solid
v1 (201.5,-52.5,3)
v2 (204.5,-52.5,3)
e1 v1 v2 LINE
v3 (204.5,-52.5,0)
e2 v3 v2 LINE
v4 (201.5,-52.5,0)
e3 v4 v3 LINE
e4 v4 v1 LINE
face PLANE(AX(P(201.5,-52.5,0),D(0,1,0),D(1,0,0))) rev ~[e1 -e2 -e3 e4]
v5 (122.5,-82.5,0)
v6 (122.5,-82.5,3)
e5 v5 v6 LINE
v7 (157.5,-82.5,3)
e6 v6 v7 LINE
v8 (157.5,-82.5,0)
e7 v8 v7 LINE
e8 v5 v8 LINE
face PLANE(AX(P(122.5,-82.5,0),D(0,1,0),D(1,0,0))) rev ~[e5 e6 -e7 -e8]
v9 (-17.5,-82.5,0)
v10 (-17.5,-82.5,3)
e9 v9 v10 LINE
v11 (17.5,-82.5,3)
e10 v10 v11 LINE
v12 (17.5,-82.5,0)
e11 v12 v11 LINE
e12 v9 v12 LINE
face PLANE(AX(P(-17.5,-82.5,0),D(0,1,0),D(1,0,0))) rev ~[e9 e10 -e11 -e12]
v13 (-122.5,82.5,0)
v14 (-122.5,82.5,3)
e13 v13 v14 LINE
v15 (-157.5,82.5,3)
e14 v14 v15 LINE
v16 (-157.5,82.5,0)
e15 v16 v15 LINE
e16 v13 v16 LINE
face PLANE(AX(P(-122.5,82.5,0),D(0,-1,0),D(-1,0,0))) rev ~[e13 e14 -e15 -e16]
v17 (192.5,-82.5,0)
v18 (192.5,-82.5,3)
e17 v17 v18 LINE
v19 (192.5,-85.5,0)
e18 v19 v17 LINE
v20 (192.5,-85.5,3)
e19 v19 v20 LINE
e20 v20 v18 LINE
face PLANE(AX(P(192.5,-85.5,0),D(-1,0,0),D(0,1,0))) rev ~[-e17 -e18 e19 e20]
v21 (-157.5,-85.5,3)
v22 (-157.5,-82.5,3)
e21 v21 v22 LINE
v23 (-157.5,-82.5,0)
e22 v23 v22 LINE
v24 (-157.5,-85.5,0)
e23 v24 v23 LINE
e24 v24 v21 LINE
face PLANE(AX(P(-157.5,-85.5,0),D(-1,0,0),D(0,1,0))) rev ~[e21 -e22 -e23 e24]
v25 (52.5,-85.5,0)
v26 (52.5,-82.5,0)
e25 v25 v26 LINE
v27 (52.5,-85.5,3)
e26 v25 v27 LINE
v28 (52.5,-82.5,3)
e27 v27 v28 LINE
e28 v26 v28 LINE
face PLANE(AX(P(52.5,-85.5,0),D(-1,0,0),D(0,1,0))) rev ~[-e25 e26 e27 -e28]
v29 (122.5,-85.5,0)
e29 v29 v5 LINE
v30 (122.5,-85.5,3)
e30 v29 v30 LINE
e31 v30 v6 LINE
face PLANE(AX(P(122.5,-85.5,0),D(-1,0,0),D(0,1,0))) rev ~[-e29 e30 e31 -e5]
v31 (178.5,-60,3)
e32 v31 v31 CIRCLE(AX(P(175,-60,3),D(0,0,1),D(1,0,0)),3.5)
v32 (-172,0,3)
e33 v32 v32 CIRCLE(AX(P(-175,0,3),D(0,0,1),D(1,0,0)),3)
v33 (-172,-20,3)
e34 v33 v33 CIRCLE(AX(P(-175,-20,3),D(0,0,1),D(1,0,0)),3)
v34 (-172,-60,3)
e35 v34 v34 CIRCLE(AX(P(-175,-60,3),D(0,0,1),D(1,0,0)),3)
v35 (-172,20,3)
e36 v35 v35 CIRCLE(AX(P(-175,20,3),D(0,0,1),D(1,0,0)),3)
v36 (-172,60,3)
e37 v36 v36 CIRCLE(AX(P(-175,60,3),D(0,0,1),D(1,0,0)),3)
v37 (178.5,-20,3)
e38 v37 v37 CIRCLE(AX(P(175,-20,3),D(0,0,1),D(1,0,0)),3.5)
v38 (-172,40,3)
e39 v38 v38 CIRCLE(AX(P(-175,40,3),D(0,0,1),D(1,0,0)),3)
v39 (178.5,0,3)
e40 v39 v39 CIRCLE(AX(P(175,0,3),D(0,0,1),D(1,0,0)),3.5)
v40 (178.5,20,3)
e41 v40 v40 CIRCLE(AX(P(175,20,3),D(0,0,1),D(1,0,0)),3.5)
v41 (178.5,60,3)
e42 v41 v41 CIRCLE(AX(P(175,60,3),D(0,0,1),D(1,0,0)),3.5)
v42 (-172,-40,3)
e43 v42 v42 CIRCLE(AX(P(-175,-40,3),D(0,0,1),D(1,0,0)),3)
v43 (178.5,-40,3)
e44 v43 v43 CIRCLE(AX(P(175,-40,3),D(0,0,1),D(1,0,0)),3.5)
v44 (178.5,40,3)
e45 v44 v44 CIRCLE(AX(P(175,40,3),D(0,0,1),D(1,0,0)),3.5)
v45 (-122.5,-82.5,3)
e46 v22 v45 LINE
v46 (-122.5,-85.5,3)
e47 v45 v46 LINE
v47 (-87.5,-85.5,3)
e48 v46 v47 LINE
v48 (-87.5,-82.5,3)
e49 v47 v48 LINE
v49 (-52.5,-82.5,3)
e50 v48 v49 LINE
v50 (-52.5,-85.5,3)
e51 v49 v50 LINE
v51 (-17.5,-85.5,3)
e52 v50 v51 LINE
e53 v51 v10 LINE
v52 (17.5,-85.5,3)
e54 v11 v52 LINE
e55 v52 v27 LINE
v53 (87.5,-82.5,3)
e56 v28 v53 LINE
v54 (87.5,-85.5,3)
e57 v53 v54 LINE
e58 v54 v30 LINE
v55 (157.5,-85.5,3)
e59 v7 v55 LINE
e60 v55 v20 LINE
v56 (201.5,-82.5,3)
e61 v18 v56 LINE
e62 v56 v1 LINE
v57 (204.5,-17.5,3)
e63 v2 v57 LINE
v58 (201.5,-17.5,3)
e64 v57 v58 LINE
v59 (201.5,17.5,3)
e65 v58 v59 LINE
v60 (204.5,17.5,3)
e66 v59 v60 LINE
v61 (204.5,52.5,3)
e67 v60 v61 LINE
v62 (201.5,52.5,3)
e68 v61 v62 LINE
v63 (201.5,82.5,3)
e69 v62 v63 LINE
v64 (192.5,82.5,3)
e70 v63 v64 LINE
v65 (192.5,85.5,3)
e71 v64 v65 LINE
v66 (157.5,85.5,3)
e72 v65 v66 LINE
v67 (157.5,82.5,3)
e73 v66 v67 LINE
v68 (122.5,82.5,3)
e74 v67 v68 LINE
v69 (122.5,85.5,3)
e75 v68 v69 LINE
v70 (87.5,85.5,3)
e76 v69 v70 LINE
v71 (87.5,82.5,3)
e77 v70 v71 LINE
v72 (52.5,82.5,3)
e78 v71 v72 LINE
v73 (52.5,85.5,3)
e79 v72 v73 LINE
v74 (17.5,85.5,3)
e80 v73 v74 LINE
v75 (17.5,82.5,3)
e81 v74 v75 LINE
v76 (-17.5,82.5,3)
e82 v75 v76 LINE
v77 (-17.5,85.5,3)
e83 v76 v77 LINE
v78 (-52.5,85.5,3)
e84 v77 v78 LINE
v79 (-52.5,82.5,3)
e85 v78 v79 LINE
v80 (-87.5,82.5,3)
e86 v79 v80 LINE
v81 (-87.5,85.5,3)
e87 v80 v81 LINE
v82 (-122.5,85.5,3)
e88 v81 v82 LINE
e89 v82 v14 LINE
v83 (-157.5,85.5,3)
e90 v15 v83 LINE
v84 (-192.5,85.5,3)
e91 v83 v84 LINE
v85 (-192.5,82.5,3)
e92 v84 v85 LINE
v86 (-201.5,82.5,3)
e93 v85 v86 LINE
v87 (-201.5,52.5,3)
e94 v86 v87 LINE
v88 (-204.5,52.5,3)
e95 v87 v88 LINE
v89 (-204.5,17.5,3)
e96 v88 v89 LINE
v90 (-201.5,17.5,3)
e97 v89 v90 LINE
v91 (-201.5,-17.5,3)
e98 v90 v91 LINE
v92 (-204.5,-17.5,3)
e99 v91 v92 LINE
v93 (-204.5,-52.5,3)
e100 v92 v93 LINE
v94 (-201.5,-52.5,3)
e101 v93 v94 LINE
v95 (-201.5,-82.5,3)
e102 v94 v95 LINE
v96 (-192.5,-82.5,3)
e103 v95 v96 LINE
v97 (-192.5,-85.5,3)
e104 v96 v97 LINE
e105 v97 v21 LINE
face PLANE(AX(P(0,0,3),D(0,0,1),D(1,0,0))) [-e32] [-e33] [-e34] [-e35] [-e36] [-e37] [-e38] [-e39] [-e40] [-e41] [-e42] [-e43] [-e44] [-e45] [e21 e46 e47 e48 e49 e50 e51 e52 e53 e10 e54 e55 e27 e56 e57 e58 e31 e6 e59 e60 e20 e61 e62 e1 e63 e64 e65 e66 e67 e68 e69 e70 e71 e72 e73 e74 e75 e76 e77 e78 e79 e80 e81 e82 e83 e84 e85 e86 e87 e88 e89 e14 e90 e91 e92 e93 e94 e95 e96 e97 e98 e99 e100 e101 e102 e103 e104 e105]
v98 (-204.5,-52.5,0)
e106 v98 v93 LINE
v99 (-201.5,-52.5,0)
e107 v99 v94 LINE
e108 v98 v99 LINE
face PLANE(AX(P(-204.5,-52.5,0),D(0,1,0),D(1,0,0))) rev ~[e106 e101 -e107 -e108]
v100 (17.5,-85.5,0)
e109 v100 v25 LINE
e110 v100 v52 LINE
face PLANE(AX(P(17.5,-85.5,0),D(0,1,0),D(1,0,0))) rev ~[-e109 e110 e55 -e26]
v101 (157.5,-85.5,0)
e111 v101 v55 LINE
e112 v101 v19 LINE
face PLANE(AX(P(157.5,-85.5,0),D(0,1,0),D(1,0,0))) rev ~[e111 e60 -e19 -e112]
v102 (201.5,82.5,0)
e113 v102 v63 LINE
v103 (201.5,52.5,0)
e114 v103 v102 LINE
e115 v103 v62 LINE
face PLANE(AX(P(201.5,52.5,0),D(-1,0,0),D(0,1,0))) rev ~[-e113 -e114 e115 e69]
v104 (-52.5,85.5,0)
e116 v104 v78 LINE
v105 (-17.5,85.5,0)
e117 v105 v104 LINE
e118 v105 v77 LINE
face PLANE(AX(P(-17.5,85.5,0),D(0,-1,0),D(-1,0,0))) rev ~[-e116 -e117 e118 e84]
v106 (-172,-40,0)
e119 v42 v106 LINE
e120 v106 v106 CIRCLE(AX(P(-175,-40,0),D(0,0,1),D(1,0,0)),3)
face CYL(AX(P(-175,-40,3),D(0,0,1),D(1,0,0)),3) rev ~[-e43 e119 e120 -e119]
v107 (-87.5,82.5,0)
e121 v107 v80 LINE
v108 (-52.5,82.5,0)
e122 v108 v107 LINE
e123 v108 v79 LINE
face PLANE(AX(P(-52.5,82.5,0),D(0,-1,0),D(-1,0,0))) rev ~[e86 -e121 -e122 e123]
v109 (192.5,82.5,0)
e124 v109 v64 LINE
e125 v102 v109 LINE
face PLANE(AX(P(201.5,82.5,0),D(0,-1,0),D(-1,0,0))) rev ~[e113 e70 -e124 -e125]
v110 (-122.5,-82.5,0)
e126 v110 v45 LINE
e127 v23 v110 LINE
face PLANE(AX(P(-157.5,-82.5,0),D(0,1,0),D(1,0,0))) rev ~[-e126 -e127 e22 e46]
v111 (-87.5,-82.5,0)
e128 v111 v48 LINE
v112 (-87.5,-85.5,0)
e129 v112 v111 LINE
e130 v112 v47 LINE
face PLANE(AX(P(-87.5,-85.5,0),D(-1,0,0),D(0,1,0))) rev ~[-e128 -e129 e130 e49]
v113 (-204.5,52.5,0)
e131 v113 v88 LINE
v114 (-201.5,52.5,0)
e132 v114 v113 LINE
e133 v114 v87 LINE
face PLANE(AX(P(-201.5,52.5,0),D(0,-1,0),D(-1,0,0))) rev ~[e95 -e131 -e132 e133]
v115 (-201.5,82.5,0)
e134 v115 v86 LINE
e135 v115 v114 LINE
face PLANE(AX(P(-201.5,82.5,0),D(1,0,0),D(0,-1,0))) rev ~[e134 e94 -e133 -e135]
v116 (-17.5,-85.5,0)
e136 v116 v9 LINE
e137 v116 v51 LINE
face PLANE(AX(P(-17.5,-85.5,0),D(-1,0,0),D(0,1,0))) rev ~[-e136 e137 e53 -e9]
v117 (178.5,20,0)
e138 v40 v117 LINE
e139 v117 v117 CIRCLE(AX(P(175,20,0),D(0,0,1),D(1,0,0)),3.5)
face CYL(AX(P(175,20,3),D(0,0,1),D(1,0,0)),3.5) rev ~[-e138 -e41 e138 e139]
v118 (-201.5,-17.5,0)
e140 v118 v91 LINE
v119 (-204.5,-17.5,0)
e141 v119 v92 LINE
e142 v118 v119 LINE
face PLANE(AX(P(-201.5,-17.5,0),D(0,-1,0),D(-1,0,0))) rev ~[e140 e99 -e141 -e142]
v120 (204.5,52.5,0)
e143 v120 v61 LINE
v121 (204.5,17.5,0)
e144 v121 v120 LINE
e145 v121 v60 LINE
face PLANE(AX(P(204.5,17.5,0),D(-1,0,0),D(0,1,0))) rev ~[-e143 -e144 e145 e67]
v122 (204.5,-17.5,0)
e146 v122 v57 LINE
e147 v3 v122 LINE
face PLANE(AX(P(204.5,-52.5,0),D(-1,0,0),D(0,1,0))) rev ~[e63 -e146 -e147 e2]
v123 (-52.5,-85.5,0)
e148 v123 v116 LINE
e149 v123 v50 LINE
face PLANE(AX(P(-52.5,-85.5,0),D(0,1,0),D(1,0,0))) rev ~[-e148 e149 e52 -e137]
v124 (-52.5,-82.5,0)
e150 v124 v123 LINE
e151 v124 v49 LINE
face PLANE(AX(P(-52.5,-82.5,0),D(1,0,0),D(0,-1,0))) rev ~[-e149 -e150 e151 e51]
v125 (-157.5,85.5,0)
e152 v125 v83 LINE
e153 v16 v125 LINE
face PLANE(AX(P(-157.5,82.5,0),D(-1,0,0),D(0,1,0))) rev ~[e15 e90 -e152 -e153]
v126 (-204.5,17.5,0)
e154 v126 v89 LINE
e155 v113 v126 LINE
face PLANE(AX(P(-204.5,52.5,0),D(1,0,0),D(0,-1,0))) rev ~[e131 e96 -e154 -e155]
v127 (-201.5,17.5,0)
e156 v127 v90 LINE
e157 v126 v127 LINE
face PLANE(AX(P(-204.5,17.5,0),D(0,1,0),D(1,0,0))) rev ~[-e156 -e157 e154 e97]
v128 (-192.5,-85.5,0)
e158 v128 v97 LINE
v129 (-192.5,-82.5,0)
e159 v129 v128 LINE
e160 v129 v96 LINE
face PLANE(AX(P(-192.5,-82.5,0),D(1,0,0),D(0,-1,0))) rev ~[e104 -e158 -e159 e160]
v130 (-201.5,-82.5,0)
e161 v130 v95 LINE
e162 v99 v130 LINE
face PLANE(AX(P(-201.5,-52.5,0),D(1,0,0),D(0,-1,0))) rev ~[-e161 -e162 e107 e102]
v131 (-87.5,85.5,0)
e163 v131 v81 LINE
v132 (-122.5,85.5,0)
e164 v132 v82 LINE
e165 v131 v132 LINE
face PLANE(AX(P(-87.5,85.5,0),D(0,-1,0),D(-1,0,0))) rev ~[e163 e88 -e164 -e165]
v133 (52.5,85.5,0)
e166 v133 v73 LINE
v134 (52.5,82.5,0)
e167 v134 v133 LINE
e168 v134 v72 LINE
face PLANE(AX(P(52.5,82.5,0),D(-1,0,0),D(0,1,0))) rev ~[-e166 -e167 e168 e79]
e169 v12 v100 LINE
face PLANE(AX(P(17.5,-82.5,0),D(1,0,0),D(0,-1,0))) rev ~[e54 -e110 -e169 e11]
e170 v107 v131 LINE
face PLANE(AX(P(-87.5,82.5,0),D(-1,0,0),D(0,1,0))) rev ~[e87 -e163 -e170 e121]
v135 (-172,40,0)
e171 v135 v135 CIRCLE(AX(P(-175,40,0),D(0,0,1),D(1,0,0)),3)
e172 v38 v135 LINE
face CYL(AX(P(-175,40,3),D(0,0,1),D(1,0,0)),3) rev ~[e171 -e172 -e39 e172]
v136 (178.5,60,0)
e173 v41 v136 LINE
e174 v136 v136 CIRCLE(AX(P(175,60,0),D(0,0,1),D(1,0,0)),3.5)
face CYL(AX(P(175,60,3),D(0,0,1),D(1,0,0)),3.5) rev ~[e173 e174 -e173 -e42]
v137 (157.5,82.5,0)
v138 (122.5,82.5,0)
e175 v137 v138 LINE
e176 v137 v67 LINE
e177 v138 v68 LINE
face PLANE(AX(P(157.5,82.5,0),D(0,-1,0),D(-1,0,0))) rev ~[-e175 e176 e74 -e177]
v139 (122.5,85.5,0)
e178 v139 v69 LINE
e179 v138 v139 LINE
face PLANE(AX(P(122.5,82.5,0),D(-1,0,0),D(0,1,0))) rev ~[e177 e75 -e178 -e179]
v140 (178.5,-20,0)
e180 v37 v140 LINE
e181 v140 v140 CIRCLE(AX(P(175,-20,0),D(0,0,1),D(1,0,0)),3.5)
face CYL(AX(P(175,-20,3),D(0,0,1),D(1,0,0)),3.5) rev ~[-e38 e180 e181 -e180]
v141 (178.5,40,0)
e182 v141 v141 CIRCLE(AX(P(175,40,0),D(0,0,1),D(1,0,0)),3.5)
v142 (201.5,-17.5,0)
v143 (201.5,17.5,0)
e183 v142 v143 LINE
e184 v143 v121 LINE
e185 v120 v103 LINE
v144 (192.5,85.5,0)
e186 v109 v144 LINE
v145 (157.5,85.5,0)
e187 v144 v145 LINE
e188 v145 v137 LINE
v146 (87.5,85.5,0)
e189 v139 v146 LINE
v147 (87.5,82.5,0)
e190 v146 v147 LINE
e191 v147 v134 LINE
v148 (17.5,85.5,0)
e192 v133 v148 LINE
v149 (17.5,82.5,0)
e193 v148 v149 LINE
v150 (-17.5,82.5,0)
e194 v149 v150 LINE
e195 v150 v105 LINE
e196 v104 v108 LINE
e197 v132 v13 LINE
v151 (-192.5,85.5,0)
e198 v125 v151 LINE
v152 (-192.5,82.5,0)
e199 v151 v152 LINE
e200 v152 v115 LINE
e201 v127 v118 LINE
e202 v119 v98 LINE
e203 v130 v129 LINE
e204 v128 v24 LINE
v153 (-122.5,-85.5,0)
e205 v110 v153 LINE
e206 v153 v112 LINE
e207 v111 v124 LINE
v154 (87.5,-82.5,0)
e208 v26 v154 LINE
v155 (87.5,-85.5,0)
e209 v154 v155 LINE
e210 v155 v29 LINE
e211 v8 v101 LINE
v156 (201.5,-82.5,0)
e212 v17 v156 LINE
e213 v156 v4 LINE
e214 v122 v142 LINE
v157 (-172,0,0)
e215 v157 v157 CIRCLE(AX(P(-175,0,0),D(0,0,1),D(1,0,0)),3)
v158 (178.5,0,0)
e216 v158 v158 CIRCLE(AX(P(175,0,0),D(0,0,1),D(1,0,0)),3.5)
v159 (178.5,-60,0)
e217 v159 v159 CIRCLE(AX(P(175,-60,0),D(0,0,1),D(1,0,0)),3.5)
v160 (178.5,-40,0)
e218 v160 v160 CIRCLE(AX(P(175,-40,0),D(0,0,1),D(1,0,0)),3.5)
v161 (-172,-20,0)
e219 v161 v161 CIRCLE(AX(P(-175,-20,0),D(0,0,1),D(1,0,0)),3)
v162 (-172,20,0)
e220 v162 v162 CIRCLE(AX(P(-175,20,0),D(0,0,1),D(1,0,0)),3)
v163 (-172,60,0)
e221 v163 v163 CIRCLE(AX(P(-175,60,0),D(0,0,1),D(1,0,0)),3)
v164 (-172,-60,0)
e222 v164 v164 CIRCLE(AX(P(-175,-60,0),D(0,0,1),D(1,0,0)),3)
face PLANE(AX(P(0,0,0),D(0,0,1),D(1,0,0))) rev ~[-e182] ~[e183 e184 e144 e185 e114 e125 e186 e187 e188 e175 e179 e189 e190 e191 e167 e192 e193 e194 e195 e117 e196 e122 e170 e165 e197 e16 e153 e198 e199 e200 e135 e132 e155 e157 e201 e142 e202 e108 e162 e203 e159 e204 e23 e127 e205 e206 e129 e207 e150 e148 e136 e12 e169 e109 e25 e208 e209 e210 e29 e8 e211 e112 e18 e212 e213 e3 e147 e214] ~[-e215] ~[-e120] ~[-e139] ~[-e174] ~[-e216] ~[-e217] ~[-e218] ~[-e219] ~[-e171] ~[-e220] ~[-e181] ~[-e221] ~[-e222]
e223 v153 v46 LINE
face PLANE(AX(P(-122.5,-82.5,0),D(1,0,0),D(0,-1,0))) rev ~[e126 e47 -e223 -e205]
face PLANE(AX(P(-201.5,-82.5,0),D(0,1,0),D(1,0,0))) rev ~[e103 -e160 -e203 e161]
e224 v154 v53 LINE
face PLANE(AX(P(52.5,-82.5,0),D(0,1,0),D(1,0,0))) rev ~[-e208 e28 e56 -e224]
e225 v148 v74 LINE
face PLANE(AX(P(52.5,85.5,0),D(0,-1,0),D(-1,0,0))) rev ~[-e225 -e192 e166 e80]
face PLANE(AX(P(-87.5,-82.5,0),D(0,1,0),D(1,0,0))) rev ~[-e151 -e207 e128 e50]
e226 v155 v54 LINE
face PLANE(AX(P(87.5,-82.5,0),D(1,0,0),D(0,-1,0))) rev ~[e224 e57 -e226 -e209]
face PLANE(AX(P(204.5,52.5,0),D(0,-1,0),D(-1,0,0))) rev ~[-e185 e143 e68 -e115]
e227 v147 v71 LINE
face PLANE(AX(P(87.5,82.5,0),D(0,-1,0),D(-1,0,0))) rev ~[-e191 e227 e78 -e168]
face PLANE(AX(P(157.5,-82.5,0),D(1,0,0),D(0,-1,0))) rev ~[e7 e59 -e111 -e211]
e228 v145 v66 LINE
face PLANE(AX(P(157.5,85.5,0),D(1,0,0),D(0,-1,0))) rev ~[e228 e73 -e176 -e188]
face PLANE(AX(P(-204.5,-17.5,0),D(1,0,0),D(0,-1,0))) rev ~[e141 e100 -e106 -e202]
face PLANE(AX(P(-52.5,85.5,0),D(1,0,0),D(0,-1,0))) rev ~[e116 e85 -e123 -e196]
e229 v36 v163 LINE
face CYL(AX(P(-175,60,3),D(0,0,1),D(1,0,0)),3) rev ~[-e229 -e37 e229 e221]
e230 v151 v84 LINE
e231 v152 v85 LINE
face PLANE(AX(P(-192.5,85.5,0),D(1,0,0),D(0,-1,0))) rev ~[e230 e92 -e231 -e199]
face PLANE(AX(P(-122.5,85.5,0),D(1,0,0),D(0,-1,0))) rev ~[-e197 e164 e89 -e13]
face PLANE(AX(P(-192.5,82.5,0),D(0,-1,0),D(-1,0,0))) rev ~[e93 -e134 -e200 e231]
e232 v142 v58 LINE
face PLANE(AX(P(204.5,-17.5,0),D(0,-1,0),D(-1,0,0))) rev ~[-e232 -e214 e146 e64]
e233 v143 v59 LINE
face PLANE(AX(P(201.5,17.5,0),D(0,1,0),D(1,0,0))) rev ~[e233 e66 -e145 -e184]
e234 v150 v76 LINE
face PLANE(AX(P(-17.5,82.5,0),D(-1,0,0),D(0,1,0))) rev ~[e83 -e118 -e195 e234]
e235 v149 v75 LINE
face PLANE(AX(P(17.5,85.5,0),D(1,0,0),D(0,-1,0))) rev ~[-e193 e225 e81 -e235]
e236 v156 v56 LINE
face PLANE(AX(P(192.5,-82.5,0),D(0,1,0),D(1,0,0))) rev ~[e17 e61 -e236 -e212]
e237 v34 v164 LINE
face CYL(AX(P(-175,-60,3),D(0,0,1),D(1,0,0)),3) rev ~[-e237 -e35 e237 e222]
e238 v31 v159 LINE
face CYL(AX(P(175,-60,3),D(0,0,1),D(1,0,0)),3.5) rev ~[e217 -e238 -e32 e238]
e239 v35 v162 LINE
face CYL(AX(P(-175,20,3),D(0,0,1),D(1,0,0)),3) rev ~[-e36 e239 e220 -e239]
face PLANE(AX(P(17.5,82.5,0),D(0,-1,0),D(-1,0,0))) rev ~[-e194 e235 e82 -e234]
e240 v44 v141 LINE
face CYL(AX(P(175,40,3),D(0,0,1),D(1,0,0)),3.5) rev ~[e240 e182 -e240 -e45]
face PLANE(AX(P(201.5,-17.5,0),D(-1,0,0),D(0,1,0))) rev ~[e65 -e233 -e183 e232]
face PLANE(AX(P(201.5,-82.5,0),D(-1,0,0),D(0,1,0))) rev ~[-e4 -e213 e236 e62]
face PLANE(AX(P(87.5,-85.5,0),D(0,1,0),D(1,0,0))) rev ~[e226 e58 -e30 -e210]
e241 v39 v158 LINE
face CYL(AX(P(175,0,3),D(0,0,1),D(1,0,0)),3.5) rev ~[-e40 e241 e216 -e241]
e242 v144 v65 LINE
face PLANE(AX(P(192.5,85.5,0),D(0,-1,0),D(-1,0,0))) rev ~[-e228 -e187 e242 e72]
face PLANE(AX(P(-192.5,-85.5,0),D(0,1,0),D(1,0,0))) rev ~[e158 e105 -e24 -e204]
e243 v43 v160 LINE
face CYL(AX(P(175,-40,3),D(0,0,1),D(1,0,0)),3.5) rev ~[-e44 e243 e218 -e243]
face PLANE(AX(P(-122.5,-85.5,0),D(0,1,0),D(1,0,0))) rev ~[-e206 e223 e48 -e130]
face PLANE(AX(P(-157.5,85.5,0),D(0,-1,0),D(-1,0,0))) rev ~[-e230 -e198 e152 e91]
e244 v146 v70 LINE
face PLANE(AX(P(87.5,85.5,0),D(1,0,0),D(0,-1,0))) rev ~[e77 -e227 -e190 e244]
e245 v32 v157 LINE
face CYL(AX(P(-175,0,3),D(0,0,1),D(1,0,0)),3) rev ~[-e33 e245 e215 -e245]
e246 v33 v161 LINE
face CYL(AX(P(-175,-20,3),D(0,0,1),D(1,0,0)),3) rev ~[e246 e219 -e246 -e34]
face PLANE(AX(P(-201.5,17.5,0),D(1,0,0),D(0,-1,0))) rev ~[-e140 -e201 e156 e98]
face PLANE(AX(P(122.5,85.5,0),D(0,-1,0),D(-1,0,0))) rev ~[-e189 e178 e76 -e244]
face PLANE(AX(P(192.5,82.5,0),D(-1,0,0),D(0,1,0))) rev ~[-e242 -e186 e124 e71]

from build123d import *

# Parameters (mm, degrees)
BOSS_EXTRUDE1_DEPTH = 3
SKETCH1_R           = 3
SKETCH1_R_2         = 3.5
CUT_EXTRUDE1_DEPTH  = 222.674310645


with BuildPart() as part:
    # Model → Boss-Extrude1 (new body)
    with BuildSketch(Plane.XY):
        Polygon((192.5, 85.5), (157.5, 85.5), (157.5, 82.5), (122.5, 82.5), (122.5, 85.5), (87.5, 85.5), (87.5, 82.5), (52.5, 82.5), (52.5, 85.5), (17.5, 85.5), (17.5, 82.5), (-17.5, 82.5), (-17.5, 85.5), (-52.5, 85.5), (-52.5, 82.5), (-87.5, 82.5), (-87.5, 85.5), (-122.5, 85.5), (-122.5, 82.5), (-157.5, 82.5), (-157.5, 85.5), (-192.5, 85.5), (-192.5, 82.5), (-201.5, 82.5), (-201.5, 52.5), (-204.5, 52.5), (-204.5, 17.5), (-201.5, 17.5), (-201.5, -17.5), (-204.5, -17.5), (-204.5, -52.5), (-201.5, -52.5), (-201.5, -82.5), (-192.5, -82.5), (-192.5, -85.5), (-157.5, -85.5), (-157.5, -82.5), (-122.5, -82.5), (-122.5, -85.5), (-87.5, -85.5), (-87.5, -82.5), (-52.5, -82.5), (-52.5, -85.5), (-17.5, -85.5), (-17.5, -82.5), (17.5, -82.5), (17.5, -85.5), (52.5, -85.5), (52.5, -82.5), (87.5, -82.5), (87.5, -85.5), (122.5, -85.5), (122.5, -82.5), (157.5, -82.5), (157.5, -85.5), (192.5, -85.5), (192.5, -82.5), (201.5, -82.5), (201.5, -52.5), (204.5, -52.5), (204.5, -17.5), (201.5, -17.5), (201.5, 17.5), (204.5, 17.5), (204.5, 52.5), (201.5, 52.5), (201.5, 82.5), (192.5, 82.5), align=None)
    extrude(amount=BOSS_EXTRUDE1_DEPTH)

    # Sketch1 → Cut-Extrude1 (cut, through all)
    with BuildSketch(Plane.XY.offset(3)):
        with Locations((-175, 0)):
            Circle(SKETCH1_R)
        with Locations((175, 0)):
            Circle(SKETCH1_R_2)
        with Locations((-175, 20)):
            Circle(SKETCH1_R)
        with Locations((175, 20)):
            Circle(SKETCH1_R_2)
        with Locations((-175, 40)):
            Circle(SKETCH1_R)
        with Locations((175, 40)):
            Circle(SKETCH1_R_2)
        with Locations((-175, 60)):
            Circle(SKETCH1_R)
        with Locations((175, 60)):
            Circle(SKETCH1_R_2)
        with Locations((-175, -20)):
            Circle(SKETCH1_R)
        with Locations((175, -20)):
            Circle(SKETCH1_R_2)
        with Locations((-175, -40)):
            Circle(SKETCH1_R)
        with Locations((175, -40)):
            Circle(SKETCH1_R_2)
        with Locations((-175, -60)):
            Circle(SKETCH1_R)
        with Locations((175, -60)):
            Circle(SKETCH1_R_2)
    extrude(amount=-CUT_EXTRUDE1_DEPTH, mode=Mode.SUBTRACT)


solid = part.part
